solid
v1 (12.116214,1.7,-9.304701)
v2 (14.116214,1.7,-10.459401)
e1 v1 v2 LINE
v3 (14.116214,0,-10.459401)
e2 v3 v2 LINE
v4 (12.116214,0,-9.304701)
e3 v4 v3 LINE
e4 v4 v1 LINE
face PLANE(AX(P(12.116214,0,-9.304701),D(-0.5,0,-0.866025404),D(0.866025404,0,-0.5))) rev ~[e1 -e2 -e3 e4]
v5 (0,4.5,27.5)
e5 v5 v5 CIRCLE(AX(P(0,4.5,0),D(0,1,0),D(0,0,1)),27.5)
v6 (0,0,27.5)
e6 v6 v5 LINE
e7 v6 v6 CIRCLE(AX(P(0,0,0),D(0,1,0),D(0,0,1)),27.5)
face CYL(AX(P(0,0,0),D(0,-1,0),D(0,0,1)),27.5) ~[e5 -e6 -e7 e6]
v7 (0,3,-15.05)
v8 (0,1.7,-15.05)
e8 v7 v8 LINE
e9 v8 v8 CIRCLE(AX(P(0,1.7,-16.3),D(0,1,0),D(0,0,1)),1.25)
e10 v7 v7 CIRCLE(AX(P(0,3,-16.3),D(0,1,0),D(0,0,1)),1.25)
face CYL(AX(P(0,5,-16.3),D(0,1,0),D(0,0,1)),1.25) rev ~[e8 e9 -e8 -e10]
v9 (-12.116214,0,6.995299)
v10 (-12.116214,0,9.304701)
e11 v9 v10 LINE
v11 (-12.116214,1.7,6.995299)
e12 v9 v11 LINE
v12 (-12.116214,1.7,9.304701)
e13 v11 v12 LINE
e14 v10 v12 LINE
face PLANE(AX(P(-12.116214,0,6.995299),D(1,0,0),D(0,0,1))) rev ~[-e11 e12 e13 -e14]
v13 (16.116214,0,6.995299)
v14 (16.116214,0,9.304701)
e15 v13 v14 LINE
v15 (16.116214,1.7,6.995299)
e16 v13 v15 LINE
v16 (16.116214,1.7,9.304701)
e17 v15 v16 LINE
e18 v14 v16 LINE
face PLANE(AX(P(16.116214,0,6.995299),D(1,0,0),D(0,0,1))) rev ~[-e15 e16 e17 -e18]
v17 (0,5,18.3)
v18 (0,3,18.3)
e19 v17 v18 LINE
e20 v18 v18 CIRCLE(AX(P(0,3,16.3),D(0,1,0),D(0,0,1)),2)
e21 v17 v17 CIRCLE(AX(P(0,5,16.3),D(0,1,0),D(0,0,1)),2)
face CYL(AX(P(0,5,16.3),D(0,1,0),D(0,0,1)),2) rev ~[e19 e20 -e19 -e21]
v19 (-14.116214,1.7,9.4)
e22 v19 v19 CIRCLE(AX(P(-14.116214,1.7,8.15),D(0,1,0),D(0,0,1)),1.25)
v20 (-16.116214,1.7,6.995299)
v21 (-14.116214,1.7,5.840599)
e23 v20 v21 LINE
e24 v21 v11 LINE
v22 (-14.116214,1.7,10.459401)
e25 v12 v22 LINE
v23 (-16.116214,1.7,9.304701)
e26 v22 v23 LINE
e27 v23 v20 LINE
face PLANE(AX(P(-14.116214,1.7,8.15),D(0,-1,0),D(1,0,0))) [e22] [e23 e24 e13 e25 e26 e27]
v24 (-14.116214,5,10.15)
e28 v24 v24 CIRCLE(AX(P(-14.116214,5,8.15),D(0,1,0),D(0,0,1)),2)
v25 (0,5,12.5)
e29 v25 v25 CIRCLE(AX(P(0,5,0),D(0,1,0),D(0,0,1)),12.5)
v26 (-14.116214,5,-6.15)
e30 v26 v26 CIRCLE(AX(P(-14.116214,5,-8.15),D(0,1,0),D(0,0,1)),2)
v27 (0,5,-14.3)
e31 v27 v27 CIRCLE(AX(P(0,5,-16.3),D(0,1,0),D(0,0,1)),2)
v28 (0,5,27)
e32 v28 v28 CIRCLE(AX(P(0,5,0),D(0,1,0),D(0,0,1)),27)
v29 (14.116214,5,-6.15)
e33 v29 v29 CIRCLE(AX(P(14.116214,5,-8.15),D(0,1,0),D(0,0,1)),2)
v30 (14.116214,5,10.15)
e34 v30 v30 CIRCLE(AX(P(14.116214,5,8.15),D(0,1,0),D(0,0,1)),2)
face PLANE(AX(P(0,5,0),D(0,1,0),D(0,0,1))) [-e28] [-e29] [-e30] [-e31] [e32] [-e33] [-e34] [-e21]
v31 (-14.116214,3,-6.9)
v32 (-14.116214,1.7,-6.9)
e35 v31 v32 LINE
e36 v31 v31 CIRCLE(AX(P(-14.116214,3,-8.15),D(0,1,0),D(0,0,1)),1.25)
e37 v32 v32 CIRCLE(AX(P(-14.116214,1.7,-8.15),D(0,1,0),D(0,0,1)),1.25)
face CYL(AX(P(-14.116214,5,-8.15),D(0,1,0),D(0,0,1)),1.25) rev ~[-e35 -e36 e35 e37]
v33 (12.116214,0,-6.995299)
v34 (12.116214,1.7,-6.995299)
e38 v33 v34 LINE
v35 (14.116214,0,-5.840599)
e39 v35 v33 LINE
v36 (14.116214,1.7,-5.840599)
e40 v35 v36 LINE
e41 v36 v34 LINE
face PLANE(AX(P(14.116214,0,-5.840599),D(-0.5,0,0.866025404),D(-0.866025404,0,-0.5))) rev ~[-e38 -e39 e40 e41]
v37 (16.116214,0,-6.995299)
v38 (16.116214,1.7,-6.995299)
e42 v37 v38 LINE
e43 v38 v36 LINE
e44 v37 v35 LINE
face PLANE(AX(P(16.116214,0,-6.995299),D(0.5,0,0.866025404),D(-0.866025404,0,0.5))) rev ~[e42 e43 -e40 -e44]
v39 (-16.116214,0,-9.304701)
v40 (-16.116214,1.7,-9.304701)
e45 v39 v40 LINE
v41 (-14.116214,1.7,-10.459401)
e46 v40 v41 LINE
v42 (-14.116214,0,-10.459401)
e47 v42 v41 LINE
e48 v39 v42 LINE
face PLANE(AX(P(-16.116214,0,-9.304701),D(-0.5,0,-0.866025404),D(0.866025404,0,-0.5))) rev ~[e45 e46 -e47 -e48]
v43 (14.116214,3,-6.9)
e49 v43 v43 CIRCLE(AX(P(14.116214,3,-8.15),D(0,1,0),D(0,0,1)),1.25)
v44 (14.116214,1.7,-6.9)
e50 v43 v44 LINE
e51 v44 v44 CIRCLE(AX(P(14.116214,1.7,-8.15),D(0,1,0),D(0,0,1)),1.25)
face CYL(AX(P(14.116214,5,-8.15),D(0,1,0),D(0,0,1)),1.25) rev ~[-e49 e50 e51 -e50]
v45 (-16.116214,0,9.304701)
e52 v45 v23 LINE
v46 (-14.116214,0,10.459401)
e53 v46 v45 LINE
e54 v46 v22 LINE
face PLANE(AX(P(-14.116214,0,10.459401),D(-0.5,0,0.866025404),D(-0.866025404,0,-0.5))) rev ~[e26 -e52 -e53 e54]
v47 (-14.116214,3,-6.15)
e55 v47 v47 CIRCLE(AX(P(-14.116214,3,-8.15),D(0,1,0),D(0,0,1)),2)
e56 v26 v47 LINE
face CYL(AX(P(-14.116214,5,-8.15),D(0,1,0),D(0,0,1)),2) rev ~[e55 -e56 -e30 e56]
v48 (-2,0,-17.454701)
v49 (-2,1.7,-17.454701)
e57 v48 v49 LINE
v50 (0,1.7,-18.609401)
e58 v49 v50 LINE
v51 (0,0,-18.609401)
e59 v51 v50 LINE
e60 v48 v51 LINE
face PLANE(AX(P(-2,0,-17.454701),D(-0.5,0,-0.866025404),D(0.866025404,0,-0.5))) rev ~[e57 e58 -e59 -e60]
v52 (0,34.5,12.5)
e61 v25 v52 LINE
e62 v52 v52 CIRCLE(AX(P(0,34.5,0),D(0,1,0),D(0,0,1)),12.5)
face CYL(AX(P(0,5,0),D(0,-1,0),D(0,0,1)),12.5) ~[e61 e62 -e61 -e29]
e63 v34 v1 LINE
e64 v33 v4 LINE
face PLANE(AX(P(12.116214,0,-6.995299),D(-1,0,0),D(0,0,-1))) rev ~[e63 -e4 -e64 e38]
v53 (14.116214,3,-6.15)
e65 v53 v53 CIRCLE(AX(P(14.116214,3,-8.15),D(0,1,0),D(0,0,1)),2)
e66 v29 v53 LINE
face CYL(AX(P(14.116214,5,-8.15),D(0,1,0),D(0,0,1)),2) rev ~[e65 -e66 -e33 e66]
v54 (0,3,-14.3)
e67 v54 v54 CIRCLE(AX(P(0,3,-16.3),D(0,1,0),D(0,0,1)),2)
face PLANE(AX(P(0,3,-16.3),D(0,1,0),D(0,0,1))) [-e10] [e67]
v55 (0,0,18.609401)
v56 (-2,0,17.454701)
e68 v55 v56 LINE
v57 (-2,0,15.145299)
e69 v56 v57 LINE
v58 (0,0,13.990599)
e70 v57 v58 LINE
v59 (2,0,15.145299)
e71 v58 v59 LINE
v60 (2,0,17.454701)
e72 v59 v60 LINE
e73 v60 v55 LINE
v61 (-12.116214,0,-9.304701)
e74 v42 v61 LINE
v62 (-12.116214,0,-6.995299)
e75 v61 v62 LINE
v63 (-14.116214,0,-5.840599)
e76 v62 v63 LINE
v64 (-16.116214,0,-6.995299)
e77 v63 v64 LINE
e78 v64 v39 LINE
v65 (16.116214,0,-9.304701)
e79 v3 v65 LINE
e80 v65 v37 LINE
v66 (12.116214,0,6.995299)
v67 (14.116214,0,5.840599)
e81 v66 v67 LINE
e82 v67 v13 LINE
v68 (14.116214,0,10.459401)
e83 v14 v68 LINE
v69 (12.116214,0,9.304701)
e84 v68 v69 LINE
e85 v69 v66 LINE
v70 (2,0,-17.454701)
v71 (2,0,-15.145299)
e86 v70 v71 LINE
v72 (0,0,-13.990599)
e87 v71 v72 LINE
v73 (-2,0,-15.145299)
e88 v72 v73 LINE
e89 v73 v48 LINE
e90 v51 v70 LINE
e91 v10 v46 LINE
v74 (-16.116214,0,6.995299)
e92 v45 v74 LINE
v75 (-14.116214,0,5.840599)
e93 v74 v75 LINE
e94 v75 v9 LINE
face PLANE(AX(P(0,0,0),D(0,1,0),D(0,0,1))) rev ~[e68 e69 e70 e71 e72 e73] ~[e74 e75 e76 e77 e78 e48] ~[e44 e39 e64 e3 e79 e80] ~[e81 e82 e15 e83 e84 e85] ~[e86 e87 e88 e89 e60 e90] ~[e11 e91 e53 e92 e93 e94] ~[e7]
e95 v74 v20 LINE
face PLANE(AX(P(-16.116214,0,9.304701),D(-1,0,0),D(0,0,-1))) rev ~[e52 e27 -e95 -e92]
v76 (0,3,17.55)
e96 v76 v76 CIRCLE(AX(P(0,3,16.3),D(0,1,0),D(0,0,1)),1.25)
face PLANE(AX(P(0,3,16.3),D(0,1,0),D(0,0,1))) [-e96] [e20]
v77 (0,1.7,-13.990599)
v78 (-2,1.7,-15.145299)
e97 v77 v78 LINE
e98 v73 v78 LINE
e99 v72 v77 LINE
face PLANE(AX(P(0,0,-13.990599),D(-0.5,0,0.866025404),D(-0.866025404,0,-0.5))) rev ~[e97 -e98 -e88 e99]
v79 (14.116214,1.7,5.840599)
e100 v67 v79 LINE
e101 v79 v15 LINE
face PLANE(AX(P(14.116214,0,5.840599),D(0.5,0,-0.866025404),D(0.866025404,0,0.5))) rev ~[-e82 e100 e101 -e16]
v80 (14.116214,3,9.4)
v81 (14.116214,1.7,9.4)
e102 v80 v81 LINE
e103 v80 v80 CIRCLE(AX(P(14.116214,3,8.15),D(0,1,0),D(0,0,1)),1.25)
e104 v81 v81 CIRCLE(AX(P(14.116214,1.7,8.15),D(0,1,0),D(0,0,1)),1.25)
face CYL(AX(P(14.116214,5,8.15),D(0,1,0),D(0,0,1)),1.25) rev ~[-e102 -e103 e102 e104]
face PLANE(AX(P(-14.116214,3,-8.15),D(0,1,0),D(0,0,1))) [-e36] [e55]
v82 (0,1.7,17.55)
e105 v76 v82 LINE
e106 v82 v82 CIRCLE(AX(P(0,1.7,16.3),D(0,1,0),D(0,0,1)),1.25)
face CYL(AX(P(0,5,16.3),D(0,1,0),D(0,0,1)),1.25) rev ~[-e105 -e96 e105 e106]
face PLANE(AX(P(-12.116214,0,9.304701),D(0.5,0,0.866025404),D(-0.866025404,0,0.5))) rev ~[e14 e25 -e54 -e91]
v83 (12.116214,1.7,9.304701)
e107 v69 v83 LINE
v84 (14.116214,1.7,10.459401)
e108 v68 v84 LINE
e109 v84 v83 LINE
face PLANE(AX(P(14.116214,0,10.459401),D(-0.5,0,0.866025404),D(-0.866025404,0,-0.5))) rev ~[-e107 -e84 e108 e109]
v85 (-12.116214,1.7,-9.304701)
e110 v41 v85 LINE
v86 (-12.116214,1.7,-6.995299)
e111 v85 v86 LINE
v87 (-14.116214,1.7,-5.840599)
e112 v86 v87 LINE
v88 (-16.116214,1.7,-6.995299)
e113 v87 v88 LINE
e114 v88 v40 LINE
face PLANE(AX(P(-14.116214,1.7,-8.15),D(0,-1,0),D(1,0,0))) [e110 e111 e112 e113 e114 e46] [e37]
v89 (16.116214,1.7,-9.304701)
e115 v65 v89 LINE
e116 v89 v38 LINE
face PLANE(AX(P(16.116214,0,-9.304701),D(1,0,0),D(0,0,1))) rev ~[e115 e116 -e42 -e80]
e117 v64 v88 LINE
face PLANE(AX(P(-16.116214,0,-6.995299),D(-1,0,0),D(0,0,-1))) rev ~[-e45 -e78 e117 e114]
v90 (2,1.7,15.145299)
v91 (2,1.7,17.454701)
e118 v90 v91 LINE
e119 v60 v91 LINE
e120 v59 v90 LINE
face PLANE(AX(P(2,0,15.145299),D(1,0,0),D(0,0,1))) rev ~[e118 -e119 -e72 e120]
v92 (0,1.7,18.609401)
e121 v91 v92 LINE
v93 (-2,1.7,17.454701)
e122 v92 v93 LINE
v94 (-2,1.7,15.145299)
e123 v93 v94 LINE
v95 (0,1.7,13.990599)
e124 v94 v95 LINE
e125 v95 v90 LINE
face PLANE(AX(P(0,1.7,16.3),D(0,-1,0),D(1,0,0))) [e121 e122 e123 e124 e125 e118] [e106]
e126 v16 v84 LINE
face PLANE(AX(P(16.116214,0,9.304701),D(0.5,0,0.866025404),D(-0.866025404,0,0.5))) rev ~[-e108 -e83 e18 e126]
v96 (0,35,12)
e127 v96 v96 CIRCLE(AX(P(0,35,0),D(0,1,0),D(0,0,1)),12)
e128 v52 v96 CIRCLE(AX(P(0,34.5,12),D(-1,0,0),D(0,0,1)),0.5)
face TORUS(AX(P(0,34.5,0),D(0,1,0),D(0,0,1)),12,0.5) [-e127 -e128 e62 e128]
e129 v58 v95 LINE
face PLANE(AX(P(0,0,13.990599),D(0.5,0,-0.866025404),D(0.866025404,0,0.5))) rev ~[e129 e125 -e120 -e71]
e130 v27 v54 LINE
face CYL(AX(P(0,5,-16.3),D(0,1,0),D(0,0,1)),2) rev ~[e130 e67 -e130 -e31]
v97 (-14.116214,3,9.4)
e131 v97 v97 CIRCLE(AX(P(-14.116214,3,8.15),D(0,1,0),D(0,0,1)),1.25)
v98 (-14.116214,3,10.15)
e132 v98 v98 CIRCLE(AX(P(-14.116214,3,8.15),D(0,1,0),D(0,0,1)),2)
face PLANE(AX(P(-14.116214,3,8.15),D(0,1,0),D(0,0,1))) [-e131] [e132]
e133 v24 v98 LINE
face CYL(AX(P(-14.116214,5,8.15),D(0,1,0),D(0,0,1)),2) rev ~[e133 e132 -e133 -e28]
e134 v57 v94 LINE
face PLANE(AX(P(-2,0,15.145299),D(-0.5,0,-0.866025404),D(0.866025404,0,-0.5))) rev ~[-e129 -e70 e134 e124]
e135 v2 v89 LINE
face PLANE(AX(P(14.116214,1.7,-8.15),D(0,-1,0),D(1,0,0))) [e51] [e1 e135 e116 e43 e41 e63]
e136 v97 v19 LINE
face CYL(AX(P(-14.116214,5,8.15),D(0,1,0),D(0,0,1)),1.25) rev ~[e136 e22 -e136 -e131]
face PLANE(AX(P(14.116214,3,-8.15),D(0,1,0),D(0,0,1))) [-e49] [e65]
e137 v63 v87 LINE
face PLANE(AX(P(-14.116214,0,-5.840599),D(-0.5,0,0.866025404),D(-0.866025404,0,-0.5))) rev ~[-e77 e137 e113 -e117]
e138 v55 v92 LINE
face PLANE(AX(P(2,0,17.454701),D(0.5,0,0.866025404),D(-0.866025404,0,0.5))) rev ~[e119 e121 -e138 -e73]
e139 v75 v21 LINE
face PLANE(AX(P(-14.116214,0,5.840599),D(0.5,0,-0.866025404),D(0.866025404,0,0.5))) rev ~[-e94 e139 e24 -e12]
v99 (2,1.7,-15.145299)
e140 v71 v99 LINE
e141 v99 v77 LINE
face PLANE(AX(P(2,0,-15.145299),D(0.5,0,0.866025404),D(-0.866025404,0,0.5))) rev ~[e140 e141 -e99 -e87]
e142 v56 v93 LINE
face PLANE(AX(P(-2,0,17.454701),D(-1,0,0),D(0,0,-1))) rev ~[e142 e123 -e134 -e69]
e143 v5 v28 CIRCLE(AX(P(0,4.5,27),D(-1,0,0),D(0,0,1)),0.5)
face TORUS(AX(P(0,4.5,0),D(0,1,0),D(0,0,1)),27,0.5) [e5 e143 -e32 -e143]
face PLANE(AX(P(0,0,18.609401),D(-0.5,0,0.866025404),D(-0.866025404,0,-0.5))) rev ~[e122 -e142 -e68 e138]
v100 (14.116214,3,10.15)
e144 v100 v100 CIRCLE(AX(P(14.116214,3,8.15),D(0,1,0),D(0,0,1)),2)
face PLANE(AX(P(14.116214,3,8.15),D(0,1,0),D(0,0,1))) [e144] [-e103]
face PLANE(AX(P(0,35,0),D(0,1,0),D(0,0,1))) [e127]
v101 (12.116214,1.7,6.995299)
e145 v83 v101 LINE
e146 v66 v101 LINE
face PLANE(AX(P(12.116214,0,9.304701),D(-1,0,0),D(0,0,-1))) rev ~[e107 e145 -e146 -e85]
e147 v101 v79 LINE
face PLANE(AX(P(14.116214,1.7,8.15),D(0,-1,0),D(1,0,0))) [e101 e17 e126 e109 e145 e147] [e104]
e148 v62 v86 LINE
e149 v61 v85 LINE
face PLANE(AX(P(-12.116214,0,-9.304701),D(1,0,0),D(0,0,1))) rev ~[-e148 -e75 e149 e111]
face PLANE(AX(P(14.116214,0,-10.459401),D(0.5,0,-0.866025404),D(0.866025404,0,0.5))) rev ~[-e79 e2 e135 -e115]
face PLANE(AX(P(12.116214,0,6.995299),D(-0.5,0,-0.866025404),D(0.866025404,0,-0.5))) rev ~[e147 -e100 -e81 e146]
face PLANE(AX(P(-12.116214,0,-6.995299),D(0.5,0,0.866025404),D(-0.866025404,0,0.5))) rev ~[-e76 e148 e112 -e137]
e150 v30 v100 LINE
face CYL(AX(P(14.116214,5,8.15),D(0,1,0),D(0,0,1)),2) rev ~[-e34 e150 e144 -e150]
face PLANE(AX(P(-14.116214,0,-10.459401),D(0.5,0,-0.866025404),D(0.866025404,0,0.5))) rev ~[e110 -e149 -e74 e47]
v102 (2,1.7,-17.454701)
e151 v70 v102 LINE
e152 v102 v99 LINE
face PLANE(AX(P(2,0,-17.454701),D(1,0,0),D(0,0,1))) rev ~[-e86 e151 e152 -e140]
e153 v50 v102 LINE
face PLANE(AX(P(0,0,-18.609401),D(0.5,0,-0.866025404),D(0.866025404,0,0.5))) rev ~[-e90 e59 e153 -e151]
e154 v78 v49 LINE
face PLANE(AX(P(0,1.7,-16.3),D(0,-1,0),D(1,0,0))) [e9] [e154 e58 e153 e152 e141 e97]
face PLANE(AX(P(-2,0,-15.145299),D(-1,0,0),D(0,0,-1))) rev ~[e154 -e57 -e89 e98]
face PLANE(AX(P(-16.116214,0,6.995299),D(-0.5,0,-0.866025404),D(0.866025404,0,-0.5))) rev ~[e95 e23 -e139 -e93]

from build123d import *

# Parameters (mm, degrees)
SKETCH1_R           = 27.5
BOSS_EXTRUDE1_DEPTH = 5
SKETCH2_R           = 2
CUT_EXTRUDE1_DEPTH  = 2
SKETCH3_R           = 1.25
CUT_EXTRUDE2_DEPTH  = 40.210967853
CUT_EXTRUDE3_DEPTH  = 1.7
SKETCH5_R           = 12.5
BOSS_EXTRUDE2_DEPTH = 30
FILLET1_R           = 0.5


with BuildPart() as part:
    # Sketch1 → Boss-Extrude1 (new body)
    with BuildSketch(Plane(origin=(0, 0, 0), x_dir=(1, 0, 0), z_dir=(0, 1, 0))):
        with Locations(Location((0, 0, 0), (0, 0, 270))):
            Circle(SKETCH1_R)
    extrude(amount=BOSS_EXTRUDE1_DEPTH)

    # Sketch2 → Cut-Extrude1 (cut)
    with BuildSketch(Plane(origin=(0, 5, 0), x_dir=(1, 0, 0), z_dir=(0, 1, 0))):
        with Locations(Location((0, 16.3, 0), (0, 0, 270))):
            Circle(SKETCH2_R)
        with Locations(Location((14.116214082, 8.15, 0), (0, 0, 270))):
            Circle(SKETCH2_R)
        with Locations(Location((14.116214082, -8.15, 0), (0, 0, 270))):
            Circle(SKETCH2_R)
        with Locations(Location((0, -16.3, 0), (0, 0, 270))):
            Circle(SKETCH2_R)
        with Locations(Location((-14.116214082, -8.15, 0), (0, 0, 270))):
            Circle(SKETCH2_R)
        with Locations(Location((-14.116214082, 8.15, 0), (0, 0, 270))):
            Circle(SKETCH2_R)
    extrude(amount=-CUT_EXTRUDE1_DEPTH, mode=Mode.SUBTRACT)

    # Sketch3 → Cut-Extrude2 (cut, through all)
    with BuildSketch(Plane(origin=(0, 5, 0), x_dir=(1, 0, 0), z_dir=(0, 1, 0))):
        with Locations(Location((0, 16.3, 0), (0, 0, 270))):
            Circle(SKETCH3_R)
        with Locations(Location((14.116214082, 8.15, 0), (0, 0, 270))):
            Circle(SKETCH3_R)
        with Locations(Location((14.116214082, -8.15, 0), (0, 0, 270))):
            Circle(SKETCH3_R)
        with Locations(Location((0, -16.3, 0), (0, 0, 270))):
            Circle(SKETCH3_R)
        with Locations(Location((-14.116214082, -8.15, 0), (0, 0, 270))):
            Circle(SKETCH3_R)
        with Locations(Location((-14.116214082, 8.15, 0), (0, 0, 270))):
            Circle(SKETCH3_R)
    extrude(amount=-CUT_EXTRUDE2_DEPTH, mode=Mode.SUBTRACT)

    # Sketch4 → Cut-Extrude3 (cut)
    with BuildSketch(Plane.XZ):
        Polygon((12.116214082, 6.995299462), (14.116214082, 5.840598923), (16.116214082, 6.995299462), (16.116214082, 9.304700538), (14.116214082, 10.459401077), (12.116214082, 9.304700538), align=None)
        Polygon((0, 13.990598923), (2, 15.145299462), (2, 17.454700538), (0, 18.609401077), (-2, 17.454700538), (-2, 15.145299462), align=None)
        Polygon((12.116214082, -6.995299462), (12.116214082, -9.304700538), (14.116214082, -10.459401077), (16.116214082, -9.304700538), (16.116214082, -6.995299462), (14.116214082, -5.840598923), align=None)
        Polygon((0, -13.990598923), (-2, -15.145299462), (-2, -17.454700538), (0, -18.609401077), (2, -17.454700538), (2, -15.145299462), align=None)
        Polygon((-12.116214082, -6.995299462), (-14.116214082, -5.840598923), (-16.116214082, -6.995299462), (-16.116214082, -9.304700538), (-14.116214082, -10.459401077), (-12.116214082, -9.304700538), align=None)
        Polygon((-12.116214082, 6.995299462), (-12.116214082, 9.304700538), (-14.116214082, 10.459401077), (-16.116214082, 9.304700538), (-16.116214082, 6.995299462), (-14.116214082, 5.840598923), align=None)
    extrude(amount=-CUT_EXTRUDE3_DEPTH, mode=Mode.SUBTRACT)

    # Sketch5 → Boss-Extrude2 (add)
    with BuildSketch(Plane(origin=(0, 5, 0), x_dir=(1, 0, 0), z_dir=(0, 1, 0))):
        with Locations(Location((0, 0, 0), (0, 0, 270))):
            Circle(SKETCH5_R)
    extrude(amount=BOSS_EXTRUDE2_DEPTH)

    # Fillet1
    fillet1_edges = [part.edges().sort_by_distance(p)[0] for p in [
        (0, 35, -12.5),
        (0, 5, -27.5),
    ]]
    fillet(fillet1_edges, radius=FILLET1_R)


solid = part.part
